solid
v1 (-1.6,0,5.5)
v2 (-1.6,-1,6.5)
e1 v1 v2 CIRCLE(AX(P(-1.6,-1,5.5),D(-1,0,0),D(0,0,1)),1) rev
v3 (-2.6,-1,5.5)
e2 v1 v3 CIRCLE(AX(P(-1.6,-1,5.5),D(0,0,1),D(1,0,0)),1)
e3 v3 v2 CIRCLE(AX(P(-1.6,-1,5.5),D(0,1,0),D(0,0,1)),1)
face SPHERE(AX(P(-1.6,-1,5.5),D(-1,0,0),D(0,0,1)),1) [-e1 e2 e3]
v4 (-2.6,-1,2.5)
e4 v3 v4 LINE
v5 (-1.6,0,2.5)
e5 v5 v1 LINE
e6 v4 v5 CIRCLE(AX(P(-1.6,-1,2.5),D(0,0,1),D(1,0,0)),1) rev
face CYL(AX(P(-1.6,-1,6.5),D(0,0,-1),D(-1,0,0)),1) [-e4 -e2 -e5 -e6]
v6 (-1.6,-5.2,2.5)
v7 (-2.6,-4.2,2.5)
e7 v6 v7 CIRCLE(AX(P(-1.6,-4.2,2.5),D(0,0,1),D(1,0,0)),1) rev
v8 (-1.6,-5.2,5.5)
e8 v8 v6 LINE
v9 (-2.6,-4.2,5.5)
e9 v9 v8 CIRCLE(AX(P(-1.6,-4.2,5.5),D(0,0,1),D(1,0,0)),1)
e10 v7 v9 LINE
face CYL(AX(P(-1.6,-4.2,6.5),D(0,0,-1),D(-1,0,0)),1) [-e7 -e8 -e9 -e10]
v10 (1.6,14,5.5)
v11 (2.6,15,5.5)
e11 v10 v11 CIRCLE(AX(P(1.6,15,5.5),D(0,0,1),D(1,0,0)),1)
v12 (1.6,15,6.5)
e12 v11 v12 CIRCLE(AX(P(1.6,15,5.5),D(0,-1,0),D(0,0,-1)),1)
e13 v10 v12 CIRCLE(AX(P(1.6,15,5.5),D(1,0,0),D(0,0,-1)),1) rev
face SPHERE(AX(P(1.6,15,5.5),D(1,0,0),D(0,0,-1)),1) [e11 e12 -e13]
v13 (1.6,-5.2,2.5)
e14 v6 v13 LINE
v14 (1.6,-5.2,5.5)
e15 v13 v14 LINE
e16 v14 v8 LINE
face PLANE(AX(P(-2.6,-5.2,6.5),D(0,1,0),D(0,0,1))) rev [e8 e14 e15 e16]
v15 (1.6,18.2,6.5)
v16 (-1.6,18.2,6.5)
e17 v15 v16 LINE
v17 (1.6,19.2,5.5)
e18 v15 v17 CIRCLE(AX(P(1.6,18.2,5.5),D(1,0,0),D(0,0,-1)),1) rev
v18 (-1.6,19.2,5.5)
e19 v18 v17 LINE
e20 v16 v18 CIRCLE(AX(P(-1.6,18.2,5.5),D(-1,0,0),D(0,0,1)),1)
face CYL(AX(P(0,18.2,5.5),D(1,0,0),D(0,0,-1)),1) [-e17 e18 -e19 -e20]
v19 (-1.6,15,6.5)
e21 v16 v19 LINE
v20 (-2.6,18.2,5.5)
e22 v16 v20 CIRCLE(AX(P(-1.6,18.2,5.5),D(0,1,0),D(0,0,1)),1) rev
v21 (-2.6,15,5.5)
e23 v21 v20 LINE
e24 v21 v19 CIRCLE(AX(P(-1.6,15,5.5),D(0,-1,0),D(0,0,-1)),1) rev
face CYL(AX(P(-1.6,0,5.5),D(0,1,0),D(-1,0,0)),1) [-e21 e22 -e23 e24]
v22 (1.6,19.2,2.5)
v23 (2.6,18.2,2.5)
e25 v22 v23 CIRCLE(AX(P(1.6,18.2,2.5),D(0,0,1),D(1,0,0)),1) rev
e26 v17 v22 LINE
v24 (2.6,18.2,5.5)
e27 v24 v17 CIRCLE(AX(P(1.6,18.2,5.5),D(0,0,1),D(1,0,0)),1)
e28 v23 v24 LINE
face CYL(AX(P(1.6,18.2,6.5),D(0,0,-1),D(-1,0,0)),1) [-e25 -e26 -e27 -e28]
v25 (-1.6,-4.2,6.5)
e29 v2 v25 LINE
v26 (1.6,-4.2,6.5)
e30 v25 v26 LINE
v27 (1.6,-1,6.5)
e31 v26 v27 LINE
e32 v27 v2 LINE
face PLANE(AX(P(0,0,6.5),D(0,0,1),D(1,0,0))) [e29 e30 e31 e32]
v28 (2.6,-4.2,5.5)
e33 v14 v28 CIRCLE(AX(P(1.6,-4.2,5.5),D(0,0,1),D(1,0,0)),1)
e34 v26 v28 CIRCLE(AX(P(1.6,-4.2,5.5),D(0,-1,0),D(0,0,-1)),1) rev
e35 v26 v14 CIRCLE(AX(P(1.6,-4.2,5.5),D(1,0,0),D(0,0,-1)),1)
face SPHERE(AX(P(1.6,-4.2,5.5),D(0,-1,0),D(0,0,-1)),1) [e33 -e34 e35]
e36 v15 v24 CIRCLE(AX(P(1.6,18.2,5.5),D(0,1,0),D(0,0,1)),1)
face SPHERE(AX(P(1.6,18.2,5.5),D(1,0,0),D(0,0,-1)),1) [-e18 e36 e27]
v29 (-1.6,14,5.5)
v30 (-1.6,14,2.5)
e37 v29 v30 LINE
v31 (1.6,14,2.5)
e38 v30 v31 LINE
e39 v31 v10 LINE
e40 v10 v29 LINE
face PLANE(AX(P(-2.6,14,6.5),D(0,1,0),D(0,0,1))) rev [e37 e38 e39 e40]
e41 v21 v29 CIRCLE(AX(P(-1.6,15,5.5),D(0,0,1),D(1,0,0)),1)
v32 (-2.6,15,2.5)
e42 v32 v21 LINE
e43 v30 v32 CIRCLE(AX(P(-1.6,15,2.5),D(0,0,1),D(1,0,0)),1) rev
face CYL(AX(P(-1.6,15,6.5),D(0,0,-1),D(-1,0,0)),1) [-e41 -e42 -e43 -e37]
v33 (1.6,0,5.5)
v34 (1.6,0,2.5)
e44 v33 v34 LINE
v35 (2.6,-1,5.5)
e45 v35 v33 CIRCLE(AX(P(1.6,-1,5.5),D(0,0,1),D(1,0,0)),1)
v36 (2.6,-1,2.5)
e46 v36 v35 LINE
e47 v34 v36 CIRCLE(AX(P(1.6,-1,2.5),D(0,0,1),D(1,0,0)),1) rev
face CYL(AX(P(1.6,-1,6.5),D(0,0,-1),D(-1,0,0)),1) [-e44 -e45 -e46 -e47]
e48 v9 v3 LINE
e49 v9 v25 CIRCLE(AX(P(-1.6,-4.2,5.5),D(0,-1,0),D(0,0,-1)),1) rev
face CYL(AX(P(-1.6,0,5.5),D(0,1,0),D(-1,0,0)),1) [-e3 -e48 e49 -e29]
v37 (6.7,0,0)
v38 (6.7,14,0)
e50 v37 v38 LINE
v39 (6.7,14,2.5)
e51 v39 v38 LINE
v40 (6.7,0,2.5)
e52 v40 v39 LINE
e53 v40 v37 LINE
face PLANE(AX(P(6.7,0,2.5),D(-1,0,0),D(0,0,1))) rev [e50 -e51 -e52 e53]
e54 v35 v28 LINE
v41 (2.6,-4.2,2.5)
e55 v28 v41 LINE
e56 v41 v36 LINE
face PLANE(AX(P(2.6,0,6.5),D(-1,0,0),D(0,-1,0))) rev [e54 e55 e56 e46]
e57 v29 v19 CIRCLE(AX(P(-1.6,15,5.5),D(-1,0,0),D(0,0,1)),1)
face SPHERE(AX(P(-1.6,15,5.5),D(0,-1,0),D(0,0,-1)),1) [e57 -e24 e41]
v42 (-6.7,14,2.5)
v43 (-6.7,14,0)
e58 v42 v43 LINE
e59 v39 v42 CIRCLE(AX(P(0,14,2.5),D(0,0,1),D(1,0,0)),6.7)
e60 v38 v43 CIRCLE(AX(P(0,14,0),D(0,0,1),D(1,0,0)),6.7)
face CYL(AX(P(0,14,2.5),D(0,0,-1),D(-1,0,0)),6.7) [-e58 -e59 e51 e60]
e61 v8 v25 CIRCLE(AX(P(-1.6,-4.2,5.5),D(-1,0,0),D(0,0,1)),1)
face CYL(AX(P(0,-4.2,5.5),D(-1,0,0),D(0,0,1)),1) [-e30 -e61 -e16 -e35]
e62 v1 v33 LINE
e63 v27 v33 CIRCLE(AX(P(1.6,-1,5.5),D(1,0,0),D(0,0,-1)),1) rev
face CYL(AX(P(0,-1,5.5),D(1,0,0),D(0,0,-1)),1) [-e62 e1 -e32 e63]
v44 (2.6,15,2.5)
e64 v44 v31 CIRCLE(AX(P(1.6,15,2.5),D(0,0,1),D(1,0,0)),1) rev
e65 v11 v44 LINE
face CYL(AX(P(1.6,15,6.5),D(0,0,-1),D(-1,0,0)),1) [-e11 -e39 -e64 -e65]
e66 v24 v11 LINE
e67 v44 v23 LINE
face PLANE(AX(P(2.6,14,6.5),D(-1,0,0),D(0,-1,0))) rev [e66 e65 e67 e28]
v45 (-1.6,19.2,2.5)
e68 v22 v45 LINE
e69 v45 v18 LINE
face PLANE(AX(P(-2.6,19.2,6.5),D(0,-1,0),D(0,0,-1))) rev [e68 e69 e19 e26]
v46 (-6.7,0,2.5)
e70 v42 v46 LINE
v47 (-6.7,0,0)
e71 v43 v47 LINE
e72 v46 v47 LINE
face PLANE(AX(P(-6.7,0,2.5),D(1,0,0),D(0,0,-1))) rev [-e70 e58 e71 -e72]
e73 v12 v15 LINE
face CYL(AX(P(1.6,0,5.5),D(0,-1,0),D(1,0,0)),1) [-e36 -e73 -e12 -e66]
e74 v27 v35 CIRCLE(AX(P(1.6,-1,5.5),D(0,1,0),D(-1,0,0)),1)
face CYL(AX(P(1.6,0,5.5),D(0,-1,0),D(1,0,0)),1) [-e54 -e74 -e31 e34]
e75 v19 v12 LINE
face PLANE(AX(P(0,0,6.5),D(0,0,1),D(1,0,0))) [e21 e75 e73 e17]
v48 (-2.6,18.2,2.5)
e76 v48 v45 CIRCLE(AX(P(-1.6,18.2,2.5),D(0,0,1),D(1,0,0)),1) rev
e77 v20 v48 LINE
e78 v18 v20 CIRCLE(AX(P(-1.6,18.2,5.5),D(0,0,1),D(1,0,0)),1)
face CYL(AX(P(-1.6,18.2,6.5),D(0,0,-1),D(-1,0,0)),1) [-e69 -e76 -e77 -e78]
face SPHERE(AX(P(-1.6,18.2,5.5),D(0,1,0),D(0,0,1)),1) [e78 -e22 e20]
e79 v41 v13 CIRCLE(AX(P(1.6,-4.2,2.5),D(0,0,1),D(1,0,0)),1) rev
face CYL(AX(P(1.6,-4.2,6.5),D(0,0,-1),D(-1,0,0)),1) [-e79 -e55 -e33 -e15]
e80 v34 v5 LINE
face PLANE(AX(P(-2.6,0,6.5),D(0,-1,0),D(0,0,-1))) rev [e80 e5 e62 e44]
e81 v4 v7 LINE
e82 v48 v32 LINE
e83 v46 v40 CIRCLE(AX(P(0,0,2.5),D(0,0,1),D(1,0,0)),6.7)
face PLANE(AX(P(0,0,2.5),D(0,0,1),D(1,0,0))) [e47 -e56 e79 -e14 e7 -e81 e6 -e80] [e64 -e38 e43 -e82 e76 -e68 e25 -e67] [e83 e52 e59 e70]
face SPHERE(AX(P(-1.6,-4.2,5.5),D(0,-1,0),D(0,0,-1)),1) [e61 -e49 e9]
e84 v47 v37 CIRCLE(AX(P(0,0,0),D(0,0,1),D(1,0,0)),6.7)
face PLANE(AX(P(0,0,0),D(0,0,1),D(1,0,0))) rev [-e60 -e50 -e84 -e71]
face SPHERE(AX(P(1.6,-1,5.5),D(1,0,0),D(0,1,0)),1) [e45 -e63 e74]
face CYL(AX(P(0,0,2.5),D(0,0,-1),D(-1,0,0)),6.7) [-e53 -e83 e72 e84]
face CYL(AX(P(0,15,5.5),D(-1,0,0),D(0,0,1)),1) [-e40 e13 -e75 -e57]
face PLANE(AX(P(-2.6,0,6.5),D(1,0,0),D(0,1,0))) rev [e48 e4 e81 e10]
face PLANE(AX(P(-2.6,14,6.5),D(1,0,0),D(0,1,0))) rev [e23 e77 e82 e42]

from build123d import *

# Parameters (mm, degrees)
BOSS_EXTRUDE1_DEPTH = 2.5
SKETCH2_W           = 5.2
SKETCH2_H           = 5.2
BOSS_EXTRUDE2_DEPTH = 4
FILLET1_R           = 1


with BuildPart() as part:
    # Sketch1 → Boss-Extrude1 (new body)
    with BuildSketch(Plane(origin=(0, 0, 0), x_dir=(0, 1, 0), z_dir=(0, 0, 1))):
        with BuildLine():
            Line((0, 6.7), (14, 6.7))
            ThreePointArc((14, 6.7), (20.7, 0), (14, -6.7))
            Line((14, -6.7), (0, -6.7))
            ThreePointArc((0, -6.7), (-6.7, 0), (0, 6.7))
        make_face()
    extrude(amount=BOSS_EXTRUDE1_DEPTH)

    # Sketch2 → Boss-Extrude2 (add)
    with BuildSketch(Plane.XY.offset(2.5)):
        with Locations((0, -2.6)):
            Rectangle(SKETCH2_W, SKETCH2_H)
        with Locations((0, 16.6)):
            Rectangle(SKETCH2_W, SKETCH2_H)
    extrude(amount=BOSS_EXTRUDE2_DEPTH)

    # Fillet1
    fillet1_edges = [part.edges().sort_by_distance(p)[0] for p in [
        (-2.6, 0, 4.5),
        (-2.6, -5.2, 4.5),
        (2.6, -5.2, 4.5),
        (2.6, 0, 4.5),
        (-2.6, -2.6, 6.5),
        (0, -5.2, 6.5),
        (2.6, -2.6, 6.5),
        (0, 0, 6.5),
        (-2.6, 14, 4.5),
        (2.6, 14, 4.5),
        (2.6, 19.2, 4.5),
        (-2.6, 19.2, 4.5),
        (0, 14, 6.5),
        (2.6, 16.6, 6.5),
        (0, 19.2, 6.5),
        (-2.6, 16.6, 6.5),
    ]]
    fillet(fillet1_edges, radius=FILLET1_R)


solid = part.part
